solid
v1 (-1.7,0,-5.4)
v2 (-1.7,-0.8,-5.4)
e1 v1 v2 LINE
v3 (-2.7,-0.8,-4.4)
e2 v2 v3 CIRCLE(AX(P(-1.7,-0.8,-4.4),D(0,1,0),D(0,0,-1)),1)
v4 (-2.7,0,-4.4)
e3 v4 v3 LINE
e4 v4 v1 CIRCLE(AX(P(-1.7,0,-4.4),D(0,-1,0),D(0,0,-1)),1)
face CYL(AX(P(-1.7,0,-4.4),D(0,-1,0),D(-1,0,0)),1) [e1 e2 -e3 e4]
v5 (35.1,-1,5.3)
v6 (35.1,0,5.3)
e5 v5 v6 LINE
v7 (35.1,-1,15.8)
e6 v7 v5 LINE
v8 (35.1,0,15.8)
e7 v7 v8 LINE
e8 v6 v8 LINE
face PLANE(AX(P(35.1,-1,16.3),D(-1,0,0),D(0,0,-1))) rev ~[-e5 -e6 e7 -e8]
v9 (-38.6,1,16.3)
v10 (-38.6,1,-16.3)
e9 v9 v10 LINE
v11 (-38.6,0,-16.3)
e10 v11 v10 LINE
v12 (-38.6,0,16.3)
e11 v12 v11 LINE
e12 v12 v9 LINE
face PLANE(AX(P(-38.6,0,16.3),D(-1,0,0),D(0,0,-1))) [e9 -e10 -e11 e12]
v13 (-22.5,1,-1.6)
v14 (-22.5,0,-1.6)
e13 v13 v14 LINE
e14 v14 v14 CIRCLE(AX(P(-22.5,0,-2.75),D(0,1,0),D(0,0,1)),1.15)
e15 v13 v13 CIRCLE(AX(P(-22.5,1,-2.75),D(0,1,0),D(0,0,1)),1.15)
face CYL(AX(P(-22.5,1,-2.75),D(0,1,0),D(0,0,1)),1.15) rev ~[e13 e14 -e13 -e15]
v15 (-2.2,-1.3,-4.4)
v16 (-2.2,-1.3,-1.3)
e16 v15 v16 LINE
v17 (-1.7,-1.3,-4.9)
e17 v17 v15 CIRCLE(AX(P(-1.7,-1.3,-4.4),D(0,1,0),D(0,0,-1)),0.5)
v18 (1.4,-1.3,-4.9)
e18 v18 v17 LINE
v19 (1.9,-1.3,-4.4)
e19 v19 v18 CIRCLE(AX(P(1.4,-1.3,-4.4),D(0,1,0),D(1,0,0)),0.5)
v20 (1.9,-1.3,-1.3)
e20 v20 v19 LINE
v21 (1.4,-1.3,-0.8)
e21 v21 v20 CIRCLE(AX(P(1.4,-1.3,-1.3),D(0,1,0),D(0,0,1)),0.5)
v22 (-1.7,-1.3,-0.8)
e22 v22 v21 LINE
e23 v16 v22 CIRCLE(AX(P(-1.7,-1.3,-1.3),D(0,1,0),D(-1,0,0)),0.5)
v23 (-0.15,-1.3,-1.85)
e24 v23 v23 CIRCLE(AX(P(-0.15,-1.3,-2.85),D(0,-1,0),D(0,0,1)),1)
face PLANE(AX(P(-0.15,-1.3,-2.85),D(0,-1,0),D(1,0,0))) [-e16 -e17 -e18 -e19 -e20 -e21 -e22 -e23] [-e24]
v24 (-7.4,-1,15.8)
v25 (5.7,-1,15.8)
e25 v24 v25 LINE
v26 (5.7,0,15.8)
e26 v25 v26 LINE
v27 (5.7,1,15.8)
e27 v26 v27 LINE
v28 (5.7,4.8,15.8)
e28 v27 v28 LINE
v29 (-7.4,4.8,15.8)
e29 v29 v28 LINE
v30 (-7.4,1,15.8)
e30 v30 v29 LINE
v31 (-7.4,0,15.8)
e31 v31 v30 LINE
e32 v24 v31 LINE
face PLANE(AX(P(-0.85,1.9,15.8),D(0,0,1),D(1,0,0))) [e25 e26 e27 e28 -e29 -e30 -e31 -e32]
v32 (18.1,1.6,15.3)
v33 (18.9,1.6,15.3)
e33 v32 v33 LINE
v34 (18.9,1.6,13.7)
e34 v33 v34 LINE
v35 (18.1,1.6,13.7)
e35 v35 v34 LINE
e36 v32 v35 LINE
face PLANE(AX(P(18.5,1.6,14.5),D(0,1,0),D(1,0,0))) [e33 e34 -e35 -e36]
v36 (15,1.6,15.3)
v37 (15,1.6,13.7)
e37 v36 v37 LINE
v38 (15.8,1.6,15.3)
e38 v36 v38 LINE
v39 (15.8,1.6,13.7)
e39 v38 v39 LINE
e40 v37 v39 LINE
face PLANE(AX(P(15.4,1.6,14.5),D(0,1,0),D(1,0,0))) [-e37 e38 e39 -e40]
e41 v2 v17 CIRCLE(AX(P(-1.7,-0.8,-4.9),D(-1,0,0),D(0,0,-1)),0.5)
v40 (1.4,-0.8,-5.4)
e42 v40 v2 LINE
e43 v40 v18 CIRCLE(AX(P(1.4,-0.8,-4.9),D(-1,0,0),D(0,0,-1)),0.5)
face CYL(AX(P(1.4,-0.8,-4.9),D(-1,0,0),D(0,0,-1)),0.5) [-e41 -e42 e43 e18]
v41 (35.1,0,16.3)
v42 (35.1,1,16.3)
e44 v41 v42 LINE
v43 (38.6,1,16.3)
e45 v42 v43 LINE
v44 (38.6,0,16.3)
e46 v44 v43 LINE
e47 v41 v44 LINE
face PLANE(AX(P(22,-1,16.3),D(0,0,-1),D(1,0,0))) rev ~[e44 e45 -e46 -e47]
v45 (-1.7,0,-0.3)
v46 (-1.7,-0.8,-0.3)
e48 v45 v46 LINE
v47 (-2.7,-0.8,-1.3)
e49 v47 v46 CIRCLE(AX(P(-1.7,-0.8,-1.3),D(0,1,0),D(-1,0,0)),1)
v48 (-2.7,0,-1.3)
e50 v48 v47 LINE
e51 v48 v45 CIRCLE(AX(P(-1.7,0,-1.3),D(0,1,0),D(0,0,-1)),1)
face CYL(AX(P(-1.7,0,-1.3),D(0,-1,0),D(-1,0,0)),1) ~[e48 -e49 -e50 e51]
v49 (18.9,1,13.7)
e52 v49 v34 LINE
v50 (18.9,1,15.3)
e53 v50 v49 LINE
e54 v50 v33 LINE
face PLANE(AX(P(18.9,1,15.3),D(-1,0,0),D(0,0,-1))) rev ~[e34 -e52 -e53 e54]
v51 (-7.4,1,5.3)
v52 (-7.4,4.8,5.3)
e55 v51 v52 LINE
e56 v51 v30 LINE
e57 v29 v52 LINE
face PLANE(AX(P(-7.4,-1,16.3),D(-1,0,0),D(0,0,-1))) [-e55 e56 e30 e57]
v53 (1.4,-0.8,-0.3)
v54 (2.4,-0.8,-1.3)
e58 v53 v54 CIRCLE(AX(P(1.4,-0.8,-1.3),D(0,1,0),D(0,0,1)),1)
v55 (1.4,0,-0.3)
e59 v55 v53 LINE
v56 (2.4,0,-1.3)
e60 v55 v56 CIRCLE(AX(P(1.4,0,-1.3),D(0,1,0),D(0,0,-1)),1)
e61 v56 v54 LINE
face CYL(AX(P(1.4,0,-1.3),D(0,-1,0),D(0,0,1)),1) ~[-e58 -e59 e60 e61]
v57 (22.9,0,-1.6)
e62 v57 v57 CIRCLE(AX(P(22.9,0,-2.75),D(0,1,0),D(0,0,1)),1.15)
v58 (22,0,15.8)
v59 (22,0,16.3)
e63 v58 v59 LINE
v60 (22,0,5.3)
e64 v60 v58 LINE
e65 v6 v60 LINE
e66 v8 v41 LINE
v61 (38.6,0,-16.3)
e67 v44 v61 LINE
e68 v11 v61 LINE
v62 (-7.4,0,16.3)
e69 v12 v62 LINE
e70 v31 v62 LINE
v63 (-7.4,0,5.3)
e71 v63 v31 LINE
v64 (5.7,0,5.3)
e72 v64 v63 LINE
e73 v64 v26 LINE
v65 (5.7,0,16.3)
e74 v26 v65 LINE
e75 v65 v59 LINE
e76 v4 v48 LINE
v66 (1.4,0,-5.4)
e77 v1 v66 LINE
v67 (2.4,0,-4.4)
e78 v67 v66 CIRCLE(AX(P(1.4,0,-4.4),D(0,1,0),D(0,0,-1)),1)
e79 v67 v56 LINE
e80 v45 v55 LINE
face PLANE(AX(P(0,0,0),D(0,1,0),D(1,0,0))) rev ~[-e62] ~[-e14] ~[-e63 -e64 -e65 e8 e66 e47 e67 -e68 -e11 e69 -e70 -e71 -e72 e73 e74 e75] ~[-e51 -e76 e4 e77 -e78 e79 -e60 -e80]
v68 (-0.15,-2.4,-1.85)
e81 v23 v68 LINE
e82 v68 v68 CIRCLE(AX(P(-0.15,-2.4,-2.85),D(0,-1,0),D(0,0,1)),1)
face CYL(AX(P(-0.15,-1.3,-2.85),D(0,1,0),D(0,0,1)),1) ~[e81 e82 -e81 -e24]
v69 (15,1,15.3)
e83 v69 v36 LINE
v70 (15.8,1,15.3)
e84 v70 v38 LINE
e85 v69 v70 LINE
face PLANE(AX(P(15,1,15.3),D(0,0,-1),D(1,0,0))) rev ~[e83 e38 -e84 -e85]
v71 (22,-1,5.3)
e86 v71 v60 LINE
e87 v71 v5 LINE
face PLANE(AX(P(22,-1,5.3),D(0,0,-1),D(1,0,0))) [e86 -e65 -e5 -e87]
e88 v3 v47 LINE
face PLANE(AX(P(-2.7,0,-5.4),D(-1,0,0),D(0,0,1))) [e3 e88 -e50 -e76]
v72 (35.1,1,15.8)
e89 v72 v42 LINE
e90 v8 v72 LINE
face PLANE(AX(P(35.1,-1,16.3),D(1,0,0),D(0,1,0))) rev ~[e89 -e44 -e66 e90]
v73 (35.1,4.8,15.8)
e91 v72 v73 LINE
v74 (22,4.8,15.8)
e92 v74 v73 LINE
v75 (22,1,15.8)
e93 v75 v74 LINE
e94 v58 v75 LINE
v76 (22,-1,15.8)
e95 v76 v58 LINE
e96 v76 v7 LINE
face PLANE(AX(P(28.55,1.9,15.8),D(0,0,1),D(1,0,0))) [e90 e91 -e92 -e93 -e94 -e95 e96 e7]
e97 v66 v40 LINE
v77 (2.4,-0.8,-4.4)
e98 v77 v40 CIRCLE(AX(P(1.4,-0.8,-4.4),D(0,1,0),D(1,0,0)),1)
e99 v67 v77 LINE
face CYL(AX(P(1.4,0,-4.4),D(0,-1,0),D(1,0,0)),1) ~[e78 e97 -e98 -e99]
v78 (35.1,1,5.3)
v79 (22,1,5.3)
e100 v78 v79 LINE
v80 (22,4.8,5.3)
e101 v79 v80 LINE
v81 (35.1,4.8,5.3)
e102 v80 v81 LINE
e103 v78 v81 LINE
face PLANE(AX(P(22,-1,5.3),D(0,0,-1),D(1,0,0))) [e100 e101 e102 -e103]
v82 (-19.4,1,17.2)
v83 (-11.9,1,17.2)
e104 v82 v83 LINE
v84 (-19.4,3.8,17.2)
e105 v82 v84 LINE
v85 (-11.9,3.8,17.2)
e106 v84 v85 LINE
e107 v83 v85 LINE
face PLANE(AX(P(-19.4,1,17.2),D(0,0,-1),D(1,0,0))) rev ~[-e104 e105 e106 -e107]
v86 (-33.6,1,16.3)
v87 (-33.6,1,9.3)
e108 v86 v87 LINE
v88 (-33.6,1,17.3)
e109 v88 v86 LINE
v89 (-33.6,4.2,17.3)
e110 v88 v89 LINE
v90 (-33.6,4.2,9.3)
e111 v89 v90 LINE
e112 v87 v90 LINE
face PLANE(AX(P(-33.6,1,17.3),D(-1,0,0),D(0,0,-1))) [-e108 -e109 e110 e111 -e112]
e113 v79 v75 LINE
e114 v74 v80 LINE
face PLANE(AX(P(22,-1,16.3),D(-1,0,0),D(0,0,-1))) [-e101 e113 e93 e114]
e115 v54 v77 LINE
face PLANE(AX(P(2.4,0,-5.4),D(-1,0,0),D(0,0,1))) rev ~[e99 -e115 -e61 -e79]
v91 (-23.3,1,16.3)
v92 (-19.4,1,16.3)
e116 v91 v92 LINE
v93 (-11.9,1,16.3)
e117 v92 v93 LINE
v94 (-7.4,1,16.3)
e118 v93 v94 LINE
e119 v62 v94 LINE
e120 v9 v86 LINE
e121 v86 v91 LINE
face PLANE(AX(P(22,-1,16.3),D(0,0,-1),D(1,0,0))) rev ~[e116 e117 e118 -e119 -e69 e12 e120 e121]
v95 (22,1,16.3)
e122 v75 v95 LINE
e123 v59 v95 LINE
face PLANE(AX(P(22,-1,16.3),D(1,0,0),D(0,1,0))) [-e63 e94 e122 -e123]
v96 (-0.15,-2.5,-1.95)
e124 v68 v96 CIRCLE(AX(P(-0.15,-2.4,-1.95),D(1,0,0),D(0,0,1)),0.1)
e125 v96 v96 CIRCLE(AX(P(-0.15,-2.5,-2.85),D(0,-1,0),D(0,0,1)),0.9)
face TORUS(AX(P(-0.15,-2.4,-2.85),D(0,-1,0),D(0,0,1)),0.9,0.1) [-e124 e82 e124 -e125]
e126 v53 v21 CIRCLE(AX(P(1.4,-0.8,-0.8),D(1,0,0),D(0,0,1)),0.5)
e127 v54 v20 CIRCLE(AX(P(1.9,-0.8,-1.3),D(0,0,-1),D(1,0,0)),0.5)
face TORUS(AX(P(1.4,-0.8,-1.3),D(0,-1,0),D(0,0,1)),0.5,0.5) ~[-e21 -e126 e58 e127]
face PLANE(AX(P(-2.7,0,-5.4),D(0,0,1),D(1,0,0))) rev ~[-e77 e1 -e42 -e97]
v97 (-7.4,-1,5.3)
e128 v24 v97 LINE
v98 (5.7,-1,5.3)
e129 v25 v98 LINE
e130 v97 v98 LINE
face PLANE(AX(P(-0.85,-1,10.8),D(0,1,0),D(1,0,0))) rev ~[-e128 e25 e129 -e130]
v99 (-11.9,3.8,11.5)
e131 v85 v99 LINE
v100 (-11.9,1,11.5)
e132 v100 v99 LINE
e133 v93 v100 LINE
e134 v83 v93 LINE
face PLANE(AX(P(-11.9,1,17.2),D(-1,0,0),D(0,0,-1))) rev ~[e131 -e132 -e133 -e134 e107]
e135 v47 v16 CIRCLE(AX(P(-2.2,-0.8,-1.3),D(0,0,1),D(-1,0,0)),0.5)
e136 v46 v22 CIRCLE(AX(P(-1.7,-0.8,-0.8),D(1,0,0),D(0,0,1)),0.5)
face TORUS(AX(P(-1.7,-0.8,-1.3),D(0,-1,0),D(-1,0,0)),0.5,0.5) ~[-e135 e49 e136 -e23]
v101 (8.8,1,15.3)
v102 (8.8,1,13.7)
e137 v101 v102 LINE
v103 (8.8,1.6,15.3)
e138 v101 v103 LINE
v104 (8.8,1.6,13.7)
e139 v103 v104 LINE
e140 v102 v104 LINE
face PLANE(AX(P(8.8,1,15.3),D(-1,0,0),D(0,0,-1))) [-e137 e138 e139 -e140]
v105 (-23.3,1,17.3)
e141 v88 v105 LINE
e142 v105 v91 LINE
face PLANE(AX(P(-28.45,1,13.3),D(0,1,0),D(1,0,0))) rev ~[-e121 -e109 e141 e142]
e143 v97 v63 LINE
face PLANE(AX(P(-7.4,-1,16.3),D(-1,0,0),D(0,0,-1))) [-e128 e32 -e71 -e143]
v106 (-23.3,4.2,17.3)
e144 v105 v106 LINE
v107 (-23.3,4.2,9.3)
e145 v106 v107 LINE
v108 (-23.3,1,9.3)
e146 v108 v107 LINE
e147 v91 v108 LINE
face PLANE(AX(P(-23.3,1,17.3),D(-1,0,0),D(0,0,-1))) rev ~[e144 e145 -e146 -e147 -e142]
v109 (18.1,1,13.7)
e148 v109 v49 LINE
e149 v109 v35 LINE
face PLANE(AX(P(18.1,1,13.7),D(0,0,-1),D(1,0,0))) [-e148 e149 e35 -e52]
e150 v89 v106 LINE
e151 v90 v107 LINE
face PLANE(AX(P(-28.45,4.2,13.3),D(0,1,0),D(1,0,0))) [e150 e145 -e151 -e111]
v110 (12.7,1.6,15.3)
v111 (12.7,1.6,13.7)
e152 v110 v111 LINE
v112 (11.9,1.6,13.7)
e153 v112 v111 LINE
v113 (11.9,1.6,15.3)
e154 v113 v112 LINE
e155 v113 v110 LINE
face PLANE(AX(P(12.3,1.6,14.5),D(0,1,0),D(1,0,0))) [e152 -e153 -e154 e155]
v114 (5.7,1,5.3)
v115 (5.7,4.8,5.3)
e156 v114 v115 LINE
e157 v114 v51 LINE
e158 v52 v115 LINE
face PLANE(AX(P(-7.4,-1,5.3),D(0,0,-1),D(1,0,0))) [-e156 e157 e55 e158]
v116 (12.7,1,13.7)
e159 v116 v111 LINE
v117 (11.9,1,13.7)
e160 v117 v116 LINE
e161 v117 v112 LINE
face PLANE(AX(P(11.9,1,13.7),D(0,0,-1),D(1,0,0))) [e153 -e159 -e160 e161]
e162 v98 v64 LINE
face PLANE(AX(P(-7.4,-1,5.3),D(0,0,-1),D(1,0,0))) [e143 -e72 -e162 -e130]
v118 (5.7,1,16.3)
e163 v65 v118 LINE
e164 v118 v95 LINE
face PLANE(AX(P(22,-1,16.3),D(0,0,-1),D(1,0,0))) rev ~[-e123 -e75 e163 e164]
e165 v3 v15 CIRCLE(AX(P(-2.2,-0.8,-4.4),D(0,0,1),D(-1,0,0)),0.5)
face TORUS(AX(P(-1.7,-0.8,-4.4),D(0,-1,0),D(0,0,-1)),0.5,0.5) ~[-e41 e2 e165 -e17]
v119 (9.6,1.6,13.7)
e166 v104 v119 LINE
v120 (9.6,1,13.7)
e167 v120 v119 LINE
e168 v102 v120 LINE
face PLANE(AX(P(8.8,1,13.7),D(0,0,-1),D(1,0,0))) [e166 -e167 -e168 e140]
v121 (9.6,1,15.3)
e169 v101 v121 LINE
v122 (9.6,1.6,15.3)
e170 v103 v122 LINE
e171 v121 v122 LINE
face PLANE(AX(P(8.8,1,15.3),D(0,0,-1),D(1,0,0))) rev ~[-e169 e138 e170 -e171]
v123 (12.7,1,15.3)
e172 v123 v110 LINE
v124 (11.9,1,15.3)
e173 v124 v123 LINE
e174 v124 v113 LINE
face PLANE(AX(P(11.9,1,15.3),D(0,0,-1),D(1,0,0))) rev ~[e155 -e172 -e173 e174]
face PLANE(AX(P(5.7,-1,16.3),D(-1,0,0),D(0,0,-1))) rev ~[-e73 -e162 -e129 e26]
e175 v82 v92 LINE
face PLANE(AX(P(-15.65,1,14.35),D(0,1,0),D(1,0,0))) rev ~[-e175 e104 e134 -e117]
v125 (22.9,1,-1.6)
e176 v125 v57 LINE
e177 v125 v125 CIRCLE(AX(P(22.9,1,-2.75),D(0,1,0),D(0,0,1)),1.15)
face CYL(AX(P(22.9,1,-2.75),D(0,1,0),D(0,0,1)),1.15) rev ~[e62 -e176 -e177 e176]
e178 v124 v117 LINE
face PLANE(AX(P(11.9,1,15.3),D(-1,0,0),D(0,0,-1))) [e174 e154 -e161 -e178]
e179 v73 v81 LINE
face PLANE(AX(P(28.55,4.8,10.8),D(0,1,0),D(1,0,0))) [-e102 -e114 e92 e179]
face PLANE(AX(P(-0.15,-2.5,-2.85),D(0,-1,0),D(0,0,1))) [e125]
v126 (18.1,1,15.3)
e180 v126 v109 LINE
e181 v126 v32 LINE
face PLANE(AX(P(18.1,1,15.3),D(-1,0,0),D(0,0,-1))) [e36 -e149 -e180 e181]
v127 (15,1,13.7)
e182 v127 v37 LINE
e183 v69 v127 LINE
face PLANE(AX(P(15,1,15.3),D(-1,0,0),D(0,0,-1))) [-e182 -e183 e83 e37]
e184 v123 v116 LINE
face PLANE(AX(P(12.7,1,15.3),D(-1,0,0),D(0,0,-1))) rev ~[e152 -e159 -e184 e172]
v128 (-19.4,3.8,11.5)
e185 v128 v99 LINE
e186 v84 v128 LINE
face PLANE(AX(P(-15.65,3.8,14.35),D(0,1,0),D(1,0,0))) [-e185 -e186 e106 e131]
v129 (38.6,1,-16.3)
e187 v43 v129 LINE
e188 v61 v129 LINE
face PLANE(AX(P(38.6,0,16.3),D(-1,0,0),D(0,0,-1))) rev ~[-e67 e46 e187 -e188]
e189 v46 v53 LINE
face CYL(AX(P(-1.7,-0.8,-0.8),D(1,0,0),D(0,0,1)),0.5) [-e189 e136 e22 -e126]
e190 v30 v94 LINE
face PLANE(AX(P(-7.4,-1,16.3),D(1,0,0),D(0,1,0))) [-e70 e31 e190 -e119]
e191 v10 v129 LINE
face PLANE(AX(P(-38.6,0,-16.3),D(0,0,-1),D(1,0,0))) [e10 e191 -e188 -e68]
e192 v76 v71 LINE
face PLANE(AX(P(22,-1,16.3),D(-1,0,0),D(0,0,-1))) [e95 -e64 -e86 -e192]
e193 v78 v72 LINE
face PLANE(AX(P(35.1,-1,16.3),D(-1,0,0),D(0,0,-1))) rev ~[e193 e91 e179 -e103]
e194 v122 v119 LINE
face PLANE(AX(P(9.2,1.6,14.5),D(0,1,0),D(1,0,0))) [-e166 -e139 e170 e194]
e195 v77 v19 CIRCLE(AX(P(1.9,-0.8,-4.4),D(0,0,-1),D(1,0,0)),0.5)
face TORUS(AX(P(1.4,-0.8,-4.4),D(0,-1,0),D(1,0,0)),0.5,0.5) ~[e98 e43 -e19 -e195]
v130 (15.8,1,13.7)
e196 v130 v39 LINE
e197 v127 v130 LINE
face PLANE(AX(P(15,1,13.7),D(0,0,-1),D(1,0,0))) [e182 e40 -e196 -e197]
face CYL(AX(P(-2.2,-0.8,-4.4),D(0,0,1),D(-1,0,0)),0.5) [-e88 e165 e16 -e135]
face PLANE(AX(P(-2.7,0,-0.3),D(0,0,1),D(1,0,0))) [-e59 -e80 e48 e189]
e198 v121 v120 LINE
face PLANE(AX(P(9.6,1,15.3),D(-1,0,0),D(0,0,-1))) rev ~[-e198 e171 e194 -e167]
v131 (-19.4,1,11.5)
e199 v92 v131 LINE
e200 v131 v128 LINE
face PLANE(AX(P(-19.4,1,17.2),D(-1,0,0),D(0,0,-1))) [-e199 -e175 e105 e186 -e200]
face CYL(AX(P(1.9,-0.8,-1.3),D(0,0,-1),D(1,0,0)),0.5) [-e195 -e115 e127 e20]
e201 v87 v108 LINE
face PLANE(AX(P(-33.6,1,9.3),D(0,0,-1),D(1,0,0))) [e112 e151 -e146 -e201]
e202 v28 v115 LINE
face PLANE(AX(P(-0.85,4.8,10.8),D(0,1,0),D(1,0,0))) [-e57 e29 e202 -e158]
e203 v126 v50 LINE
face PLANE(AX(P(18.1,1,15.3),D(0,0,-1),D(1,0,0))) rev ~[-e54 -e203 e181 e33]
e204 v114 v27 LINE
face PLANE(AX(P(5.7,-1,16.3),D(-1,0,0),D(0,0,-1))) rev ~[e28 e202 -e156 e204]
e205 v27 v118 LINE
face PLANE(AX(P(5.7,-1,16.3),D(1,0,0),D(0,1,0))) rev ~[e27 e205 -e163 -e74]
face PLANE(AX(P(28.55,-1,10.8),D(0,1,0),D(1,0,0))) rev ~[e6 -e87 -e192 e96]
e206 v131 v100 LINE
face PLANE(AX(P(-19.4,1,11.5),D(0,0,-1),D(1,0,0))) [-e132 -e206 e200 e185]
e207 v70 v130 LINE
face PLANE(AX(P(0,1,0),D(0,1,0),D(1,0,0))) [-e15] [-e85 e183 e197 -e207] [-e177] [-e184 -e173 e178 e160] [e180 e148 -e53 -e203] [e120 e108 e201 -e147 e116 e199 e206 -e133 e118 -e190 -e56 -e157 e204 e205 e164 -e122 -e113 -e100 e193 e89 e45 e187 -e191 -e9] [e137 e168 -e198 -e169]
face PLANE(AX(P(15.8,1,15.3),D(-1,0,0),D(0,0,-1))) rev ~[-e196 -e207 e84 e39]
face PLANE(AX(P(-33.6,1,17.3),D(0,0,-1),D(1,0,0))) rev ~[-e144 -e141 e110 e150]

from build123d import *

# Parameters (mm, degrees)
SKETCH1_W                = 77.2
SKETCH1_H                = 32.6
BOSS_EXTRUDE1_DEPTH      = 1
BOSS_EXTRUDE2_DEPTH      = 3.8
BOSS_EXTRUDE2_DEPTH_BACK = 2
SKETCH2_W                = 13.1
SKETCH2_H                = 11
SKETCH3_W                = 7.5
SKETCH3_H                = 5.7
BOSS_EXTRUDE3_DEPTH      = 2.8
SKETCH4_W                = 10.3
SKETCH4_H                = 8
BOSS_EXTRUDE4_DEPTH      = 3.2
SKETCH5_W                = 13.1
SKETCH5_H                = 5.8
CUT_EXTRUDE1_DEPTH       = 0.5
SKETCH6_W                = 0.8
SKETCH6_H                = 1.6
BOSS_EXTRUDE5_DEPTH      = 0.6
LPATTERN1_COUNT          = 4
LPATTERN1_PITCH          = 3.1
SKETCH7_W                = 5.1
SKETCH7_H                = 5.1
BOSS_EXTRUDE6_DEPTH      = 1.3
SKETCH8_R                = 1
BOSS_EXTRUDE7_DEPTH      = 1.2
FILLET1_R                = 1
FILLET2_R                = 0.5
FILLET3_R                = 0.1
SKETCH9_R                = 1.15
CUT_EXTRUDE2_DEPTH       = 43.469871674


with BuildPart() as part:
    # Sketch1 → Boss-Extrude1 (new body)
    with BuildSketch(Plane(origin=(0, 0, 0), x_dir=(1, 0, 0), z_dir=(0, 1, 0))):
        Rectangle(SKETCH1_W, SKETCH1_H)
    extrude(amount=BOSS_EXTRUDE1_DEPTH)

    # Sketch2 → Boss-Extrude2 (add, two sides: drawn at the far end of the back side and taken through both)
    with BuildSketch(Plane(origin=(0, 1, 0), x_dir=(1, 0, 0), z_dir=(0, 1, 0)).offset(-BOSS_EXTRUDE2_DEPTH_BACK)):
        with Locations((28.55, -10.8)):
            Rectangle(SKETCH2_W, SKETCH2_H)
        with Locations((-0.85, -10.8)):
            Rectangle(SKETCH2_W, SKETCH2_H)
    extrude(amount=BOSS_EXTRUDE2_DEPTH + BOSS_EXTRUDE2_DEPTH_BACK)

    # Sketch3 → Boss-Extrude3 (add)
    with BuildSketch(Plane(origin=(0, 1, 0), x_dir=(1, 0, 0), z_dir=(0, 1, 0))):
        with Locations((-15.65, -14.35)):
            Rectangle(SKETCH3_W, SKETCH3_H)
    extrude(amount=BOSS_EXTRUDE3_DEPTH)

    # Sketch4 → Boss-Extrude4 (add)
    with BuildSketch(Plane(origin=(0, 1, 0), x_dir=(1, 0, 0), z_dir=(0, 1, 0))):
        with Locations((-28.45, -13.3)):
            Rectangle(SKETCH4_W, SKETCH4_H)
    extrude(amount=BOSS_EXTRUDE4_DEPTH)

    # Sketch5 → Cut-Extrude1 (cut)
    with BuildSketch(Plane.XY.offset(16.3)):
        with Locations((-0.85, 1.9)):
            Rectangle(SKETCH5_W, SKETCH5_H)
        with Locations((28.55, 1.9)):
            Rectangle(SKETCH5_W, SKETCH5_H)
    extrude(amount=-CUT_EXTRUDE1_DEPTH, mode=Mode.SUBTRACT)

    # Sketch6 → Boss-Extrude5 (add)
    with BuildSketch(Plane(origin=(0, 1, 0), x_dir=(1, 0, 0), z_dir=(0, 1, 0))):
        with Locations((18.5, -14.5)):
            Rectangle(SKETCH6_W, SKETCH6_H)
    boss_extrude5 = extrude(amount=BOSS_EXTRUDE5_DEPTH)

    # LPattern1: Boss-Extrude5 ×4
    with Locations(*[(-i * LPATTERN1_PITCH, 0, 0) for i in range(1, LPATTERN1_COUNT)]):
        add(boss_extrude5)

    # Sketch7 → Boss-Extrude6 (add)
    with BuildSketch(Plane.XZ):
        with Locations((-0.15, -2.85)):
            Rectangle(SKETCH7_W, SKETCH7_H)
    extrude(amount=BOSS_EXTRUDE6_DEPTH)

    # Sketch8 → Boss-Extrude7 (add)
    with BuildSketch(Plane.XZ.offset(1.3)):
        with Locations(Location((-0.15, -2.85, 0), (0, 0, 90))):
            Circle(SKETCH8_R)
    extrude(amount=BOSS_EXTRUDE7_DEPTH)

    # Fillet1
    fillet1_edges = [part.edges().sort_by_distance(p)[0] for p in [
        (-2.7, -0.65, -0.3),
        (-2.7, -0.65, -5.4),
        (2.4, -0.65, -5.4),
        (2.4, -0.65, -0.3),
    ]]
    fillet(fillet1_edges, radius=FILLET1_R)

    # Fillet2
    fillet2_edges = [part.edges().sort_by_distance(p)[0] for p in [
        (-2.7, -1.3, -2.85),
        (-0.15, -1.3, -0.3),
        (-0.15, -1.3, -5.4),
        (2.4, -1.3, -2.85),
        (2.107106781, -1.3, -0.592893219),
        (-2.407106781, -1.3, -5.107106781),
        (2.107106781, -1.3, -5.107106781),
        (-2.407106781, -1.3, -0.592893219),
    ]]
    fillet(fillet2_edges, radius=FILLET2_R)

    # Fillet3
    fillet3_edges = [part.edges().sort_by_distance(p)[0] for p in [
        (-0.15, -2.5, -3.85),
    ]]
    fillet(fillet3_edges, radius=FILLET3_R)

    # Sketch9 → Cut-Extrude2 (cut, through all)
    with BuildSketch(Plane(origin=(0, 1, 0), x_dir=(1, 0, 0), z_dir=(0, 1, 0))):
        with Locations(Location((-22.5, 2.75, 0), (0, 0, 270))):
            Circle(SKETCH9_R)
        with Locations(Location((22.9, 2.75, 0), (0, 0, 270))):
            Circle(SKETCH9_R)
    extrude(amount=-CUT_EXTRUDE2_DEPTH, mode=Mode.SUBTRACT)


solid = part.part
